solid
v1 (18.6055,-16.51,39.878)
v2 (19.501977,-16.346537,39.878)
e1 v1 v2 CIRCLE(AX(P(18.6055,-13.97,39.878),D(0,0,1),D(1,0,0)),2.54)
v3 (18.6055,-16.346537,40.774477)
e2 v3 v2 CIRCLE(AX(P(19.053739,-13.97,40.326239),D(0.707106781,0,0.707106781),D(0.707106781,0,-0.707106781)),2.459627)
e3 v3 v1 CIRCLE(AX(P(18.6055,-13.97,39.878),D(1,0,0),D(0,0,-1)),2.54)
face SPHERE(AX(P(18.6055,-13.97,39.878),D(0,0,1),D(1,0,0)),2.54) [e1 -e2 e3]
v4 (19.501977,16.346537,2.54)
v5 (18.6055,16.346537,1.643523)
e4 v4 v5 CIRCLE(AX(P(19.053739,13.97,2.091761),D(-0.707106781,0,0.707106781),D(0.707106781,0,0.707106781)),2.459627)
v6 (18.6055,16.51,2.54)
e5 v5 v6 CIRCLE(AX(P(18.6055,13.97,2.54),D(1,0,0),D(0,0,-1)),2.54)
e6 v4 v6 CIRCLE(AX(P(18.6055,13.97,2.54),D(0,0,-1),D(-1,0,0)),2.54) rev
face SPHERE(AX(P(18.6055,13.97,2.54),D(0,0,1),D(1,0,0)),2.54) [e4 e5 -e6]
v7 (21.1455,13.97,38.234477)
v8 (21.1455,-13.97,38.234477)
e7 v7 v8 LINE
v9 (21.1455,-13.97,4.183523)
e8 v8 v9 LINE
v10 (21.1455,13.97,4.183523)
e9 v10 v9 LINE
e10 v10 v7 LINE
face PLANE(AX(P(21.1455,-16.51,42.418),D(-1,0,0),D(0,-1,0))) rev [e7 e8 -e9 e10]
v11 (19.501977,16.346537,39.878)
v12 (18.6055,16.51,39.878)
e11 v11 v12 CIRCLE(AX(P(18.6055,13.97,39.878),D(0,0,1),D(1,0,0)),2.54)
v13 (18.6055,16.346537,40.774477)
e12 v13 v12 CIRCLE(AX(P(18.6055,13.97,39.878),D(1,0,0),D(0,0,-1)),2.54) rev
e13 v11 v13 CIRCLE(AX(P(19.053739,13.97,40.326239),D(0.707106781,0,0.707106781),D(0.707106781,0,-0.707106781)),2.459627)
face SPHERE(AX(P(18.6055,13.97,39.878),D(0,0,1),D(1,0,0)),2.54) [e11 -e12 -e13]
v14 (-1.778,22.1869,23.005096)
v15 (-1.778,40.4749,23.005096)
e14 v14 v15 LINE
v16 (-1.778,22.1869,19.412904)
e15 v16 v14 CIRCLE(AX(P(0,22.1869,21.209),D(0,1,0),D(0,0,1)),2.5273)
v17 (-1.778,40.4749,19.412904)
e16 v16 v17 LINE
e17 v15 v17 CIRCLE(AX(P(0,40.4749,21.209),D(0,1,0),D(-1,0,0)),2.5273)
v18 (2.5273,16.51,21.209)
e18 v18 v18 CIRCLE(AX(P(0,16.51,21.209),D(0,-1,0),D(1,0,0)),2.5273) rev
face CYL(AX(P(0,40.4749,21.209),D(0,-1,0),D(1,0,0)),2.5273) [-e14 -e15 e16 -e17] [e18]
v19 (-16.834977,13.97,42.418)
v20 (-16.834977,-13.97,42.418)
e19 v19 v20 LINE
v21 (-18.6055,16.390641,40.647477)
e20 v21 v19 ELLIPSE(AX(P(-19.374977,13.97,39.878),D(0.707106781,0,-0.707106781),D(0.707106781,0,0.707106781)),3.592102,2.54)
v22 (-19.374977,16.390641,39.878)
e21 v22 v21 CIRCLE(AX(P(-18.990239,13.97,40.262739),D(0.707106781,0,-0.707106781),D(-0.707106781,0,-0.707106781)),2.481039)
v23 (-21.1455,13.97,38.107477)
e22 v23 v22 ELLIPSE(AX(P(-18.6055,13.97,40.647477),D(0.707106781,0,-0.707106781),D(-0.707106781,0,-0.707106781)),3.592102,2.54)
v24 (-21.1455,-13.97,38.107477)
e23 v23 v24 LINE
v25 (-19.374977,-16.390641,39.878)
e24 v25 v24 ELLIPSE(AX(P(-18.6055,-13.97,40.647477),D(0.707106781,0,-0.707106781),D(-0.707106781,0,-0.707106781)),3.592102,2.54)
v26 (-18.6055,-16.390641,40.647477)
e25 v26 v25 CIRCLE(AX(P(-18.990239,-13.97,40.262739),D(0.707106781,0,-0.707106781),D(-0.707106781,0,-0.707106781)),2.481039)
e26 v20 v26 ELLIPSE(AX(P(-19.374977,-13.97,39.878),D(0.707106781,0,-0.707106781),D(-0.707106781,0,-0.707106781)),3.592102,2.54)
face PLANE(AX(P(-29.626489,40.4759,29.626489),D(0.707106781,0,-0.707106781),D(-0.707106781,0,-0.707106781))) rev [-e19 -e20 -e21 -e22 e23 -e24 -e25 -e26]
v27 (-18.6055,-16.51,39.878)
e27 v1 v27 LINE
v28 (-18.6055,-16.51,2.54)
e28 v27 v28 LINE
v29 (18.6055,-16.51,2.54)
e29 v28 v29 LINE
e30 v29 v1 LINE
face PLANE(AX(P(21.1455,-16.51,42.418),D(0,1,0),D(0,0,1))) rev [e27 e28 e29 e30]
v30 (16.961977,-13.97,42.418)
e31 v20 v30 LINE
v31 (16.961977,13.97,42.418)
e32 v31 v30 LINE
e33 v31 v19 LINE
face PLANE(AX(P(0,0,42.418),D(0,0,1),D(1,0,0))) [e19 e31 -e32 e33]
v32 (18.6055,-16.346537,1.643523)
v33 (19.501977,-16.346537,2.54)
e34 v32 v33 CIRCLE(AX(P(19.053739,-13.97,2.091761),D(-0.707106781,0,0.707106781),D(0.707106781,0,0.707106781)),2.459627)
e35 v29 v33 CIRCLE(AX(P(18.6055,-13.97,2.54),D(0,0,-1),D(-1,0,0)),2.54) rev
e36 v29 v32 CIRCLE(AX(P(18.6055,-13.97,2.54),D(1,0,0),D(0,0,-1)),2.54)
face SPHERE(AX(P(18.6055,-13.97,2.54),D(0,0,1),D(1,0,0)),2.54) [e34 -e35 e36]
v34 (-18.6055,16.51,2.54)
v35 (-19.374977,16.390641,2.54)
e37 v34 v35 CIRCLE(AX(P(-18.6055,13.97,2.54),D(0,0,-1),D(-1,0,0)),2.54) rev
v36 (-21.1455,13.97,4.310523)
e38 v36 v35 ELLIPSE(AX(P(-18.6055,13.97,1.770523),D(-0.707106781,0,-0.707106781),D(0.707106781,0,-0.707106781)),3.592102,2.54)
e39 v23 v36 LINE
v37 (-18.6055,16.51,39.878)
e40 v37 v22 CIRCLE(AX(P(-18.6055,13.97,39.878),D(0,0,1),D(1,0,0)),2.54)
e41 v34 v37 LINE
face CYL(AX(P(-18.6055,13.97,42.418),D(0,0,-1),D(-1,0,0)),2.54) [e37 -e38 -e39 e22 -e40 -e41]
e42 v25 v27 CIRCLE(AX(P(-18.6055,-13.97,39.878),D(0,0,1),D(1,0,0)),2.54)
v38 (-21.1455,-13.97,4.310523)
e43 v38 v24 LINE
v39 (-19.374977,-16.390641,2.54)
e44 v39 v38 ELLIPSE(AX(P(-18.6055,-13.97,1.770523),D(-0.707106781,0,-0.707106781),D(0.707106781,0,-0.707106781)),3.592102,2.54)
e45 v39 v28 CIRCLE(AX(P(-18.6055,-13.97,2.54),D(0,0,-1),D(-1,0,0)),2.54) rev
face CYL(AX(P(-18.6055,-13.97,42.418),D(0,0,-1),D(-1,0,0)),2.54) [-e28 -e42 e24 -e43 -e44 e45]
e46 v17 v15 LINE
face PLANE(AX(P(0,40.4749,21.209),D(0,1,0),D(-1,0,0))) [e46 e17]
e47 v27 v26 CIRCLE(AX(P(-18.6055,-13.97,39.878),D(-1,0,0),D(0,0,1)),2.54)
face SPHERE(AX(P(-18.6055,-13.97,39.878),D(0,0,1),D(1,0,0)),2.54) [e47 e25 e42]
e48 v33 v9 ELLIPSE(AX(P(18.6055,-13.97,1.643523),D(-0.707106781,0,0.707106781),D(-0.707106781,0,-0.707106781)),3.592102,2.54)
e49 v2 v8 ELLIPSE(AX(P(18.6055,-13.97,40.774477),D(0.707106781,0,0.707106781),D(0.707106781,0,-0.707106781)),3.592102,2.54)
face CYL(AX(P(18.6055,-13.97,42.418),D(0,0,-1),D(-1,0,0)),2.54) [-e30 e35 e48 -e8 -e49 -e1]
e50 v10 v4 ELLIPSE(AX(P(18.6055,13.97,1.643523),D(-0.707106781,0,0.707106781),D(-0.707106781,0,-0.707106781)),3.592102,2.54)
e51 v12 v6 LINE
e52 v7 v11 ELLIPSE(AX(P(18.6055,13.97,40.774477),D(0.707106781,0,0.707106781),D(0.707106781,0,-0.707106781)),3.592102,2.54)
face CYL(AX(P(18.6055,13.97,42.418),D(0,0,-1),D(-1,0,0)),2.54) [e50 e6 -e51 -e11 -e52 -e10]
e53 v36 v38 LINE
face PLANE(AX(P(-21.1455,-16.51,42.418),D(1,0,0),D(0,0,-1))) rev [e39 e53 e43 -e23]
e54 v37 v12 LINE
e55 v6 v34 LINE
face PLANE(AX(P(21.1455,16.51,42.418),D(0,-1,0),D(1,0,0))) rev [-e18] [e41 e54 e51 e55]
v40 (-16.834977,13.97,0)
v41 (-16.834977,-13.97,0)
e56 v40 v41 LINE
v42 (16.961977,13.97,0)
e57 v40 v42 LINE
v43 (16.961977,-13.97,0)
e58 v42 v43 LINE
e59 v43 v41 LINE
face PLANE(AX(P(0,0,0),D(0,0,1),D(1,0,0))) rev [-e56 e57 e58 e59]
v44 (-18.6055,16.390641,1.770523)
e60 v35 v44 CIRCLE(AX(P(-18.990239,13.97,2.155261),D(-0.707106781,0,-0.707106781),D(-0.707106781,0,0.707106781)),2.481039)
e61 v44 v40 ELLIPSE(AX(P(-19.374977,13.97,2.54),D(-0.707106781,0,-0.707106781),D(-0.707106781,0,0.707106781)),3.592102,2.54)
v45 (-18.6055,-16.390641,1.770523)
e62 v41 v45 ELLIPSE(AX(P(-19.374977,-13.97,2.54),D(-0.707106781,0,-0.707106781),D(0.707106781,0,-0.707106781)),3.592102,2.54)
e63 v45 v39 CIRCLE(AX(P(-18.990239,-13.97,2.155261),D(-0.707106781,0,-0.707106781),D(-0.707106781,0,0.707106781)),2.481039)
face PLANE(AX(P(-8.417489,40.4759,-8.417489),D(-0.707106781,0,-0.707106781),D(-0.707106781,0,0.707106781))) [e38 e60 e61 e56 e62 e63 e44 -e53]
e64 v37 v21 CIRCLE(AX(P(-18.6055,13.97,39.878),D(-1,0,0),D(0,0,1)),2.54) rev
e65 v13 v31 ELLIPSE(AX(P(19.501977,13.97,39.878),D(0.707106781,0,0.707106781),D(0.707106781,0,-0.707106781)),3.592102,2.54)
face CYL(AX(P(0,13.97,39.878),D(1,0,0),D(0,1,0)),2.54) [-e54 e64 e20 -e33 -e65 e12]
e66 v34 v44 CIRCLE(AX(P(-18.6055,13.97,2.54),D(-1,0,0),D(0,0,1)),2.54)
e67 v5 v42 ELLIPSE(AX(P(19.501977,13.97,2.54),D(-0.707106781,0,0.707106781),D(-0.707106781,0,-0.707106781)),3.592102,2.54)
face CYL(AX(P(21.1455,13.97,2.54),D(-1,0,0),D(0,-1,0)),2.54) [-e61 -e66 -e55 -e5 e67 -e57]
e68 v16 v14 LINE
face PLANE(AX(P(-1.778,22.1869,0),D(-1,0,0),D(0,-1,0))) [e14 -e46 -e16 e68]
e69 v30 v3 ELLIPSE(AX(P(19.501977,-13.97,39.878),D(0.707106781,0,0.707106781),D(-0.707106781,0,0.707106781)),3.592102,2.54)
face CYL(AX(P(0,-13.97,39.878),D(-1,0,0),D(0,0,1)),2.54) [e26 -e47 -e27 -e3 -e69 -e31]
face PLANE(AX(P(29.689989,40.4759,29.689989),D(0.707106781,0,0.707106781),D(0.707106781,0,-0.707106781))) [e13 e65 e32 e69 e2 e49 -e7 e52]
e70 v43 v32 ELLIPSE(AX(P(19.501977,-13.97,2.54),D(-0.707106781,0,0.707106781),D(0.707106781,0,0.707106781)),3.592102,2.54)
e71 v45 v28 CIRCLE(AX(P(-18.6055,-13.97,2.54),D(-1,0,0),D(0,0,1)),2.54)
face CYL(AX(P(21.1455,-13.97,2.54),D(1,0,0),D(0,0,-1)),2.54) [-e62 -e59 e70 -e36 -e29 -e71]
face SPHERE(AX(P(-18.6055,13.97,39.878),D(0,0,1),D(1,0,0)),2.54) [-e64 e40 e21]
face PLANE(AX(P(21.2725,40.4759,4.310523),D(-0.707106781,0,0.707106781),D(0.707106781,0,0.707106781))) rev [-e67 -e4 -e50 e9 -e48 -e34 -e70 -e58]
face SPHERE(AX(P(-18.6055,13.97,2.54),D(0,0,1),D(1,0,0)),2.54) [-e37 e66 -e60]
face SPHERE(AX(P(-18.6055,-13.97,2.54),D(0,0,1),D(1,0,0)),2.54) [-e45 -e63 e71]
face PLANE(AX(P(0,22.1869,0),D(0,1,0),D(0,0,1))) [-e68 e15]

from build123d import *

# Parameters (mm, degrees)
SKETCH1_W           = 42.291
SKETCH1_H           = 33.02
BOSS_EXTRUDE1_DEPTH = 42.418
FILLET1_R           = 2.54
SKETCH2_R           = 2.5273
BOSS_EXTRUDE2_DEPTH = 23.9649
CUT_EXTRUDE2_DEPTH  = 18.288
CUT_EXTRUDE3_REACH  = 58.985


with BuildPart() as part:
    # Sketch1 → Boss-Extrude1 (new body)
    with BuildSketch(Plane.XY):
        Rectangle(SKETCH1_W, SKETCH1_H)
    extrude(amount=BOSS_EXTRUDE1_DEPTH)

    # Fillet1
    fillet1_edges = [part.edges().sort_by_distance(p)[0] for p in [
        (21.1455, 0, 42.418),
        (0, 16.51, 42.418),
        (-21.1455, 0, 42.418),
        (0, 16.51, 0),
        (21.1455, 0, 0),
        (0, -16.51, 0),
        (-21.1455, 0, 0),
        (0, -16.51, 42.418),
        (-21.1455, 16.51, 21.209),
        (21.1455, 16.51, 21.209),
        (21.1455, -16.51, 21.209),
        (-21.1455, -16.51, 21.209),
    ]]
    fillet(fillet1_edges, radius=FILLET1_R)

    # Sketch2 → Boss-Extrude2 (add)
    with BuildSketch(Plane(origin=(0, 16.51, 0), x_dir=(1, 0, 0), z_dir=(0, 1, 0))):
        with Locations((0, -21.209)):
            Circle(SKETCH2_R)
    extrude(amount=BOSS_EXTRUDE2_DEPTH)

    # Sketch4 → Cut-Extrude2 (cut)
    with BuildSketch(Plane(origin=(0, 40.4749, 0), x_dir=(1, 0, 0), z_dir=(0, 1, 0))):
        with BuildLine():
            Line((-1.778, -23.005096125), (-1.778, -19.412903875))
            ThreePointArc((-1.778, -19.412903875), (-2.5273, -21.209), (-1.778, -23.005096125))
        make_face()
    extrude(amount=-CUT_EXTRUDE2_DEPTH, mode=Mode.SUBTRACT)

    # Sketch5 → Cut-Extrude3 (cut, up to next)
    with BuildSketch(Plane.XZ.offset(16.51), mode=Mode.PRIVATE) as cut_extrude3_sk1:
        Polygon((-21.1455, 42.418), (-21.1455, 38.107477062), (-16.834977062, 42.418), align=None)
    cut_extrude3_tool1 = extrude(cut_extrude3_sk1.sketch, amount=-CUT_EXTRUDE3_REACH, mode=Mode.PRIVATE) & part.part
    add(cut_extrude3_tool1.solids().sort_by_distance((-19.708659, -16.51, 40.981159))[0], mode=Mode.SUBTRACT)
    # Sketch5 → Cut-Extrude3 (cut, up to next)
    with BuildSketch(Plane.XZ.offset(16.51), mode=Mode.PRIVATE) as cut_extrude3_sk2:
        Polygon((16.961977062, 42.418), (21.2725, 38.107477062), (21.2725, 42.418), align=None)
    cut_extrude3_tool2 = extrude(cut_extrude3_sk2.sketch, amount=-CUT_EXTRUDE3_REACH, mode=Mode.PRIVATE) & part.part
    add(cut_extrude3_tool2.solids().sort_by_distance((19.835659, -16.51, 40.981159))[0], mode=Mode.SUBTRACT)
    # Sketch5 → Cut-Extrude3 (cut, up to next)
    with BuildSketch(Plane.XZ.offset(16.51), mode=Mode.PRIVATE) as cut_extrude3_sk3:
        Polygon((-21.1455, 0), (-16.834977062, 0), (-21.1455, 4.310522938), align=None)
    cut_extrude3_tool3 = extrude(cut_extrude3_sk3.sketch, amount=-CUT_EXTRUDE3_REACH, mode=Mode.PRIVATE) & part.part
    add(cut_extrude3_tool3.solids().sort_by_distance((-19.708659, -16.51, 1.436841))[0], mode=Mode.SUBTRACT)
    # Sketch5 → Cut-Extrude3 (cut, up to next)
    with BuildSketch(Plane.XZ.offset(16.51), mode=Mode.PRIVATE) as cut_extrude3_sk4:
        Polygon((21.2725, 0), (21.2725, 4.310522938), (16.961977062, 0), align=None)
    cut_extrude3_tool4 = extrude(cut_extrude3_sk4.sketch, amount=-CUT_EXTRUDE3_REACH, mode=Mode.PRIVATE) & part.part
    add(cut_extrude3_tool4.solids().sort_by_distance((19.835659, -16.51, 1.436841))[0], mode=Mode.SUBTRACT)


solid = part.part
